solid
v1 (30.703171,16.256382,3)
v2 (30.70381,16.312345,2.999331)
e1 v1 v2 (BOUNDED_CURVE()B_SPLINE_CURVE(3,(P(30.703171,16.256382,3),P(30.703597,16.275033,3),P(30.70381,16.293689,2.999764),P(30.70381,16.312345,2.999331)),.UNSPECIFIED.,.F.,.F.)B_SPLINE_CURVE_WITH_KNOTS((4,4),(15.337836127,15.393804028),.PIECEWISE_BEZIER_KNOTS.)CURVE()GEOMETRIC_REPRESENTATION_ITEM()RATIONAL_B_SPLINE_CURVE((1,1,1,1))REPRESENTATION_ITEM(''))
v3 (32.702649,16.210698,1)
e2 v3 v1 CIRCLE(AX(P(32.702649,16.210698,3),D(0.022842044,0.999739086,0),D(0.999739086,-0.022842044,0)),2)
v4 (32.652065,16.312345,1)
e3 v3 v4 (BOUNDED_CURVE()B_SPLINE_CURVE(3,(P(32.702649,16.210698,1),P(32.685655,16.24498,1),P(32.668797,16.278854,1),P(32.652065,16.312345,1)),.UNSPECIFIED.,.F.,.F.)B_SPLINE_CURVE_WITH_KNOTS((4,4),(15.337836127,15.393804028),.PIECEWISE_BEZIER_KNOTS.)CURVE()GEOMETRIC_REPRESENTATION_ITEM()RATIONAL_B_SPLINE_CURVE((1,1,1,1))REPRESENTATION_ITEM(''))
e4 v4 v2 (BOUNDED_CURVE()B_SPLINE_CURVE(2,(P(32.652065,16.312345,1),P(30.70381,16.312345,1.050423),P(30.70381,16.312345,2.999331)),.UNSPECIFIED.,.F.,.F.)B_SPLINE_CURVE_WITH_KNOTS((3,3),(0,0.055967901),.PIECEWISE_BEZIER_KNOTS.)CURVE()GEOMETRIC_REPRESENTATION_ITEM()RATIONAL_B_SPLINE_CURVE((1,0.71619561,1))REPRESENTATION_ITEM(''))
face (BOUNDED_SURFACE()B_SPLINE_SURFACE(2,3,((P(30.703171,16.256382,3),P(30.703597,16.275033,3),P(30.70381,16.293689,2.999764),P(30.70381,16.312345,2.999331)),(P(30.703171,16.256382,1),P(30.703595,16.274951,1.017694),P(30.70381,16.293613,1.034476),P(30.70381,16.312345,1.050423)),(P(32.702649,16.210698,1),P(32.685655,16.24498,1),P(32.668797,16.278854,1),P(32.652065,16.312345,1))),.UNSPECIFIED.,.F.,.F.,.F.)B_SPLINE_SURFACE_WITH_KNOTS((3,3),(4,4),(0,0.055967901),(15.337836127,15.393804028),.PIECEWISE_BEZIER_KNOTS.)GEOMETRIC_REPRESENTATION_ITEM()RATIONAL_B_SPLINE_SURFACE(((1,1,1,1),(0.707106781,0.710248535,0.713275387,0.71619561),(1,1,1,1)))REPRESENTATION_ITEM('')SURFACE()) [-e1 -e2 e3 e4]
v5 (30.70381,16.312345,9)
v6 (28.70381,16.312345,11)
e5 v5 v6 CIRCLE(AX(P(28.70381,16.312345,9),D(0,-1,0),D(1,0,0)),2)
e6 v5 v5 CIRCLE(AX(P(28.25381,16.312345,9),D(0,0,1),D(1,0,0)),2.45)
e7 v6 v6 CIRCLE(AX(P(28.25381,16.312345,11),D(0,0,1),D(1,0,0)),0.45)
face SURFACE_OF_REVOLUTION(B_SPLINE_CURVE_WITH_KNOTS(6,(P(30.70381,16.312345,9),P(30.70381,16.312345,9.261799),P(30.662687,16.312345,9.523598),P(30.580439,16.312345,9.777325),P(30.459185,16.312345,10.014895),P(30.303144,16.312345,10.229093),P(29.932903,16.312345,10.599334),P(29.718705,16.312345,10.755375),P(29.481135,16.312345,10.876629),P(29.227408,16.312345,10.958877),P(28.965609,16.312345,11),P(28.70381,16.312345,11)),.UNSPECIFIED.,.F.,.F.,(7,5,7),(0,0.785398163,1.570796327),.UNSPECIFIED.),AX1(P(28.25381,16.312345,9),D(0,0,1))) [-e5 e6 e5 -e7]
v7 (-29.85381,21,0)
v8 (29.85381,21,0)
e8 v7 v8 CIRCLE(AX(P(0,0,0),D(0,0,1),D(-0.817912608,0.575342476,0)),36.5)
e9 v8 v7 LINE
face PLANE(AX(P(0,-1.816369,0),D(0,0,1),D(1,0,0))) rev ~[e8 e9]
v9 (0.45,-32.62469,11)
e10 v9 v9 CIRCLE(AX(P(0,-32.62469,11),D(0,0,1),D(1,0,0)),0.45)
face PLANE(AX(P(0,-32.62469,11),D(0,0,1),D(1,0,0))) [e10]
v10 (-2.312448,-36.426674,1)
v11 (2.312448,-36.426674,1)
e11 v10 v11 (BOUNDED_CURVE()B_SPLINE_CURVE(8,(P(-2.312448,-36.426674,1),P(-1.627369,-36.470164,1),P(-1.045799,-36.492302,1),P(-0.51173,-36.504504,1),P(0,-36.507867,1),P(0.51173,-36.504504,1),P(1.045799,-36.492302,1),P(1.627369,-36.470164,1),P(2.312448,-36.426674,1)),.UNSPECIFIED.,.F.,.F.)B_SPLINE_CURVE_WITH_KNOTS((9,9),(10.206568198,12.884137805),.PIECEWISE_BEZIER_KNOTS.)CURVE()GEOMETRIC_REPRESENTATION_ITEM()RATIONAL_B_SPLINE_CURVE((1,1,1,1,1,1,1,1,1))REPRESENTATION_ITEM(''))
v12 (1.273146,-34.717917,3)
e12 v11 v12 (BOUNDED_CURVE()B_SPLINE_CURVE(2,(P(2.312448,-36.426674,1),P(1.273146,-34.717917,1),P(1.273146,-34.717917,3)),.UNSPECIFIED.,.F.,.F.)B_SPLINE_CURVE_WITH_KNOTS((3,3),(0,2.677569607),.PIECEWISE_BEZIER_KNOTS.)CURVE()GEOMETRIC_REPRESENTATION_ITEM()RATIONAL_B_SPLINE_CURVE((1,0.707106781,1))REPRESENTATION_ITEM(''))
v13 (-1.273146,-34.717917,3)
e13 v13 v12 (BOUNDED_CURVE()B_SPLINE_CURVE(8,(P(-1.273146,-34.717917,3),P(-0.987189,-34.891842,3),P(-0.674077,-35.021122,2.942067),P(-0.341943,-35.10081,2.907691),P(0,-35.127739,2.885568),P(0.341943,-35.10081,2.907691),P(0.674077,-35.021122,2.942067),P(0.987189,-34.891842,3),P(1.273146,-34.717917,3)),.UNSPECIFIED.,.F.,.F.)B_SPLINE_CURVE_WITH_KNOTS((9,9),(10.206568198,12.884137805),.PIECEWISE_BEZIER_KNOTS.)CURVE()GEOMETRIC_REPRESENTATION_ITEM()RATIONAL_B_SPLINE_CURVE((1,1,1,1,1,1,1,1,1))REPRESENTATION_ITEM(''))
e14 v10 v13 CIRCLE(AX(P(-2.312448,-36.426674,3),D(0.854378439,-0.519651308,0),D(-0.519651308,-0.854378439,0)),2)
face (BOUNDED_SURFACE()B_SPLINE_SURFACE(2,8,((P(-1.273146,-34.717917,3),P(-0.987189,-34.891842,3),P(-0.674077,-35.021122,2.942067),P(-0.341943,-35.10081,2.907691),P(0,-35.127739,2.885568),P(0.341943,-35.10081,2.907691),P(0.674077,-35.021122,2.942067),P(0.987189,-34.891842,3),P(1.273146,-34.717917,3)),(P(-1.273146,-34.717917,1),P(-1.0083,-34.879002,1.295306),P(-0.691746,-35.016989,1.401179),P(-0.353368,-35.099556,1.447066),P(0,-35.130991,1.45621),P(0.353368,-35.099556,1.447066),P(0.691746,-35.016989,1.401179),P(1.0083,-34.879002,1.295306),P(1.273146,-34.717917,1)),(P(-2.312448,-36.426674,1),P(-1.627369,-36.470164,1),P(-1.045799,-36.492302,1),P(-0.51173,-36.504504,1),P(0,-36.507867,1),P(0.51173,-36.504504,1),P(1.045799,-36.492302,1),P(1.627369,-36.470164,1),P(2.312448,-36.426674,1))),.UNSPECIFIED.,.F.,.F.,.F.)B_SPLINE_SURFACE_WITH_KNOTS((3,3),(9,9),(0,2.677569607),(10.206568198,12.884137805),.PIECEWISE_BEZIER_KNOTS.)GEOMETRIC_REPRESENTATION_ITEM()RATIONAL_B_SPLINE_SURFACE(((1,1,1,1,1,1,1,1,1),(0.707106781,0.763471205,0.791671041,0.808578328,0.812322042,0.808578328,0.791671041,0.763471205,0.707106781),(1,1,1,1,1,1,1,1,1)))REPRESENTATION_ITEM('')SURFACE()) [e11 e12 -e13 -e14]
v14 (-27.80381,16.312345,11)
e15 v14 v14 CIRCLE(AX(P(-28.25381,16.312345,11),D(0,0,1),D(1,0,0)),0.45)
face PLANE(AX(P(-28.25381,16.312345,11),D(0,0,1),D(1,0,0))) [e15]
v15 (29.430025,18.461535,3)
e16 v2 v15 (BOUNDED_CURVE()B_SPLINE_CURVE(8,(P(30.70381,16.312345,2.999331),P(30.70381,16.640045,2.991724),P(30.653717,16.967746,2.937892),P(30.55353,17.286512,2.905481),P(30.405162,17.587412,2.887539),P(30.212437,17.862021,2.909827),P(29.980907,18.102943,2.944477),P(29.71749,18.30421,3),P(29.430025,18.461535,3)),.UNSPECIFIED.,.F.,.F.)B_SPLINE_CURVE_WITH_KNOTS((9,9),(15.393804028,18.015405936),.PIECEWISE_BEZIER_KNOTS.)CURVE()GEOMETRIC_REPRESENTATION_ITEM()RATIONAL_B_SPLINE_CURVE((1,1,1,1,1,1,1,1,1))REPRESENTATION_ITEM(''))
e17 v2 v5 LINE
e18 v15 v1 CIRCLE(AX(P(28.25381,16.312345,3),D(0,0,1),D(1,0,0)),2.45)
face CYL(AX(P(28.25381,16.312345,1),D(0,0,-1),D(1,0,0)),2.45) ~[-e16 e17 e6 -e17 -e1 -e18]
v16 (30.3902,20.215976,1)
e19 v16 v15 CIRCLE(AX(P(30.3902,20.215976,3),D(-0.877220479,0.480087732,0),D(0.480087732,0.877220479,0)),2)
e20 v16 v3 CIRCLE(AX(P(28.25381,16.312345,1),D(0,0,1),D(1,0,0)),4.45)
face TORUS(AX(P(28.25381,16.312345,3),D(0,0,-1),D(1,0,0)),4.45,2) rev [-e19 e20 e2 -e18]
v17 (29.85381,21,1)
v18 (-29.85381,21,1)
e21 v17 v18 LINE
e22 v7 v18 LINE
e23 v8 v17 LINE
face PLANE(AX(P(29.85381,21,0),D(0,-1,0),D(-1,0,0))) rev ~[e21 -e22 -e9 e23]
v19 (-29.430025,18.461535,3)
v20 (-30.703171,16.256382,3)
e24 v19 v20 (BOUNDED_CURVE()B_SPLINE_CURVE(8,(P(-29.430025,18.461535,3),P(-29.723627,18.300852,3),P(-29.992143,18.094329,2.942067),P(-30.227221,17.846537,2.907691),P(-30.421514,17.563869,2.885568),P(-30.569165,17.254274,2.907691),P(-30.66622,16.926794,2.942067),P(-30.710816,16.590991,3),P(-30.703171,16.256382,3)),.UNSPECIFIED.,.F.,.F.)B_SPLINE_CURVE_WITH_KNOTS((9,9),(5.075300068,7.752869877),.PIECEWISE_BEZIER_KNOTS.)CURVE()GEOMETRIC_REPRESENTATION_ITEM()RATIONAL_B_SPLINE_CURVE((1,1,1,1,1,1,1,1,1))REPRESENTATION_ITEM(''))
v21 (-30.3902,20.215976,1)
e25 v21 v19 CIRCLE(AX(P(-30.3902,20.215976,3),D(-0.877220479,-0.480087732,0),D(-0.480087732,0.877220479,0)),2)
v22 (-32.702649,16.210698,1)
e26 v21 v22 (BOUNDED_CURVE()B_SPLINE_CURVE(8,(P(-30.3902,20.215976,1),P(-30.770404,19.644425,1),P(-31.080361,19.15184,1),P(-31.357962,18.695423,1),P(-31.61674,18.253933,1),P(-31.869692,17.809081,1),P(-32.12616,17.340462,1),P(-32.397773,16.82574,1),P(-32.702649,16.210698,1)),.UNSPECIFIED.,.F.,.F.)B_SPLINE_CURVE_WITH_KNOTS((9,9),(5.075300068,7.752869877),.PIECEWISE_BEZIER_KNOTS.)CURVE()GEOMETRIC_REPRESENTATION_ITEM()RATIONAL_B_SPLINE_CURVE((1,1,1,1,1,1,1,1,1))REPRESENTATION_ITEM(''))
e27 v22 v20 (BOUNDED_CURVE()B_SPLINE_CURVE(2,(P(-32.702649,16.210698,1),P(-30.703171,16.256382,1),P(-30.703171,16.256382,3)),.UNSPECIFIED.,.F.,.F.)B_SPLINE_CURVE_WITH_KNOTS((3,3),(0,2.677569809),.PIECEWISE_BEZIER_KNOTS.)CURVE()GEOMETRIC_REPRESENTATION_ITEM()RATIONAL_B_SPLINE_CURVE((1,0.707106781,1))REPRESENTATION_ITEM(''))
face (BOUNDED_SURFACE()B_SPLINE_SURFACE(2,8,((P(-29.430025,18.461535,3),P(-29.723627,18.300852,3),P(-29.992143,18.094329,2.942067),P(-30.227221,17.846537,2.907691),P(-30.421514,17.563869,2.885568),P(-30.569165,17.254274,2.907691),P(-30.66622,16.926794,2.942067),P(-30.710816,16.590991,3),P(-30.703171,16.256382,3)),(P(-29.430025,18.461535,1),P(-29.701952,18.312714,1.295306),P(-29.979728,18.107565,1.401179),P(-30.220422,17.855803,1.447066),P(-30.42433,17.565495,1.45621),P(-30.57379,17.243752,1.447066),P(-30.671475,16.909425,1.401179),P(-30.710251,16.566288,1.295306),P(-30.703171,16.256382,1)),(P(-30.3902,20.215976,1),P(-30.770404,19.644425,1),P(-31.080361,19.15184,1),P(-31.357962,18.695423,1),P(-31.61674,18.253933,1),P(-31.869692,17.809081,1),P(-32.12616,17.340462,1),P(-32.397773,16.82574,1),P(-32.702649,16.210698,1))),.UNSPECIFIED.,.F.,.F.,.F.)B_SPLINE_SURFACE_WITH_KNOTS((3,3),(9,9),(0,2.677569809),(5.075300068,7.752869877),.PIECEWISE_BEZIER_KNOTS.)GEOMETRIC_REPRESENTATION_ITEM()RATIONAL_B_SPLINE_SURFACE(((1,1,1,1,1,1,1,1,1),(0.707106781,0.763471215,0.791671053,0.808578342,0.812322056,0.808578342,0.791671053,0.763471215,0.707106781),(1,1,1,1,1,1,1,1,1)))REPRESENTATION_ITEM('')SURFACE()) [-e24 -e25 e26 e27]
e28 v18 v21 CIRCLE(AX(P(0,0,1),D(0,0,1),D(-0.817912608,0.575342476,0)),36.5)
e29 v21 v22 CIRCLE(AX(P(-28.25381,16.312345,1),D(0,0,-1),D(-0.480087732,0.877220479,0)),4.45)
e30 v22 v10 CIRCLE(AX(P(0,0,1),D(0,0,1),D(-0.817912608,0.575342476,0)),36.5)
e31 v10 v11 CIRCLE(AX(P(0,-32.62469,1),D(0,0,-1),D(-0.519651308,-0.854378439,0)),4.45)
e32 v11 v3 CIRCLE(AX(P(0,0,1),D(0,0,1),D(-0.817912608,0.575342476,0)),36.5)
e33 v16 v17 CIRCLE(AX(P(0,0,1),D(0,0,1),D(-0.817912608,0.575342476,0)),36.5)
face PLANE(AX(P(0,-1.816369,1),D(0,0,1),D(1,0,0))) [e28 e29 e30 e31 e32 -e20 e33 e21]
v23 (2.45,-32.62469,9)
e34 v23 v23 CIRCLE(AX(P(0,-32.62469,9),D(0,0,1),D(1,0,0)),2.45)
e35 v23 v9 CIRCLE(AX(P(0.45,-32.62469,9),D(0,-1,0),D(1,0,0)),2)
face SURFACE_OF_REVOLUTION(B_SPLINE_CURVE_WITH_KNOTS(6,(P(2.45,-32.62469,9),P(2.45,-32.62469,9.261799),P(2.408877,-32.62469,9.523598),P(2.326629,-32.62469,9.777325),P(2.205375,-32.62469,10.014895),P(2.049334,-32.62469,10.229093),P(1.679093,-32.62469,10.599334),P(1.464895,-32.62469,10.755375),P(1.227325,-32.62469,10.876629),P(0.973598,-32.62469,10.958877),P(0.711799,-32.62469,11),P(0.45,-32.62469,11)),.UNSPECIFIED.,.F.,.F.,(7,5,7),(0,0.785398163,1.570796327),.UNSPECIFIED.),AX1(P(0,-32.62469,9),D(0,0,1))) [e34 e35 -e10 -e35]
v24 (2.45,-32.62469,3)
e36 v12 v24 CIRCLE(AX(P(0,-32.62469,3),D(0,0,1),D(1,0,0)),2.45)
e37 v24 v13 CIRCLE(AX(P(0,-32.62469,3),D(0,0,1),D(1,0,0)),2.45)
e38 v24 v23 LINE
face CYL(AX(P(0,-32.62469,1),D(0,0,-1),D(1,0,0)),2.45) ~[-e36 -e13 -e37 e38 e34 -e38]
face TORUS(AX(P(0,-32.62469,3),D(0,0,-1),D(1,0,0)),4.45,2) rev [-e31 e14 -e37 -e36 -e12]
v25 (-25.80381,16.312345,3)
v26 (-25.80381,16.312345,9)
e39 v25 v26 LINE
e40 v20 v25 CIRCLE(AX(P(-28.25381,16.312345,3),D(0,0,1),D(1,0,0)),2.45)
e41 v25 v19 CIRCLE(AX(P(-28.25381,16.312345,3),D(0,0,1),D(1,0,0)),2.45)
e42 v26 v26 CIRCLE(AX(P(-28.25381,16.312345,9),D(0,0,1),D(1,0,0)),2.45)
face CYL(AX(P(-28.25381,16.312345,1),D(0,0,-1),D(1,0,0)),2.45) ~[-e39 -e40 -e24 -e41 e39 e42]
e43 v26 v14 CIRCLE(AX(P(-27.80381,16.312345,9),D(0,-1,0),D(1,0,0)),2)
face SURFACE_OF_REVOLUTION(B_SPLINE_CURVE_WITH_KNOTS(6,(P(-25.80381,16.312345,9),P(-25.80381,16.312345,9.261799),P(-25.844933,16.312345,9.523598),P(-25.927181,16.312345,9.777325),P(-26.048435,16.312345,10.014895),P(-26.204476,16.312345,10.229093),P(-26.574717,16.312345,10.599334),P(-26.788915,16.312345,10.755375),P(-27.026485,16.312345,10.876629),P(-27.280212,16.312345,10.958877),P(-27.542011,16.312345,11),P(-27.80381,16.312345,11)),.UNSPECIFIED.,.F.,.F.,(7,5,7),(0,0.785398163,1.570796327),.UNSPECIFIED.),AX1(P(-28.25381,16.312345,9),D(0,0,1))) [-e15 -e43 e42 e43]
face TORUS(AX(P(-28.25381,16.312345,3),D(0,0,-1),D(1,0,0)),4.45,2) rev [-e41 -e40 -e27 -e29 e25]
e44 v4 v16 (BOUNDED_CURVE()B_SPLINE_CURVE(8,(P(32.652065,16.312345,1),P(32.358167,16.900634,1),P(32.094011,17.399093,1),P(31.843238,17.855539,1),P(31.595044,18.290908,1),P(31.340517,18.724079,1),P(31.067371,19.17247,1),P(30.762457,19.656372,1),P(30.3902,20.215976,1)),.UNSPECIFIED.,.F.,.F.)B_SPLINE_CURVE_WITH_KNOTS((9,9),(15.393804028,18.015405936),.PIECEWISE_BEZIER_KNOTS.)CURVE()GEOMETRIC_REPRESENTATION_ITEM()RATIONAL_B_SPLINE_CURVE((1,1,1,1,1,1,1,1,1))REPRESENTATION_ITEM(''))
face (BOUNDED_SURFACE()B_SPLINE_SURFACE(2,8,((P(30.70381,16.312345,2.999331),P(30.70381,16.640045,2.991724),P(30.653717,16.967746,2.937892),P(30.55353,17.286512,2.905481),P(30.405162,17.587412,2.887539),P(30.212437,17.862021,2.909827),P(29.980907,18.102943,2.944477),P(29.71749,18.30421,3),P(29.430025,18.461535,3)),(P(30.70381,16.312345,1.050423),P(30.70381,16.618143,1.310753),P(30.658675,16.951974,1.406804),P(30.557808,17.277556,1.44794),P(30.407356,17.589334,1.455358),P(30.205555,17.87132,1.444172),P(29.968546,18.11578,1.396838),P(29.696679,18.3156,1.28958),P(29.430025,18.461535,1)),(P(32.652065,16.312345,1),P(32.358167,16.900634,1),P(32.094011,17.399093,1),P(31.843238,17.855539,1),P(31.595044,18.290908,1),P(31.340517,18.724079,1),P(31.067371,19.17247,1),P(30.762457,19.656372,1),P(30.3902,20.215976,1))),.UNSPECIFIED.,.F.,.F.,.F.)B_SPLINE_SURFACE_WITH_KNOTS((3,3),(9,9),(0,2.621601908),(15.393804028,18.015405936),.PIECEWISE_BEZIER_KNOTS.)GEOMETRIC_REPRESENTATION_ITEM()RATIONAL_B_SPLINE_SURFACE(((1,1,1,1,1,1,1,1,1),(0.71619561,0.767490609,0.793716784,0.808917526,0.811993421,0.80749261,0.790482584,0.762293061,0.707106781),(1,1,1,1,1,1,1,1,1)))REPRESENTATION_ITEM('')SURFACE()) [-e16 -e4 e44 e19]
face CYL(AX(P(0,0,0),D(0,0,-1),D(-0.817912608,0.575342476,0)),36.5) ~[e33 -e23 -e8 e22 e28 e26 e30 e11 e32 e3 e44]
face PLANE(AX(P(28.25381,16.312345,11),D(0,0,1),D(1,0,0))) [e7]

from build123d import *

# Parameters (mm, degrees)
F1_DEPTH = 1
F2_R     = 2.45
F3_DEPTH = 10
F4_R     = 2


with BuildPart() as f1:
    # F0 (on Top) → F1 (new body)
    with BuildSketch(Plane.XY):
        with BuildLine():
            Line((29.85381, 21), (-29.85381, 21))
            ThreePointArc((-29.85381, 21), (0, -36.5), (29.85381, 21))
        make_face()
    extrude(amount=F1_DEPTH)

    # F2 (on face) → F3 (join)
    with BuildSketch(Plane.XY.offset(1)):
        with Locations((0, -32.62469)):
            Circle(F2_R)
        with Locations((28.25381, 16.312345)):
            Circle(F2_R)
        with Locations((-28.25381, 16.312345)):
            Circle(F2_R)
    extrude(amount=F3_DEPTH)

    # F4
    f4_edges = [f1.edges().sort_by_distance(p)[0] for p in [
        (-30.70381, 16.312345, 11),
        (25.80381, 16.312345, 11),
        (-2.45, -32.62469, 11),
        (-30.70381, 16.312345, 1),
        (25.80381, 16.312345, 1),
        (-2.45, -32.62469, 1),
    ]]
    fillet(f4_edges, radius=F4_R)


solid = f1.part
